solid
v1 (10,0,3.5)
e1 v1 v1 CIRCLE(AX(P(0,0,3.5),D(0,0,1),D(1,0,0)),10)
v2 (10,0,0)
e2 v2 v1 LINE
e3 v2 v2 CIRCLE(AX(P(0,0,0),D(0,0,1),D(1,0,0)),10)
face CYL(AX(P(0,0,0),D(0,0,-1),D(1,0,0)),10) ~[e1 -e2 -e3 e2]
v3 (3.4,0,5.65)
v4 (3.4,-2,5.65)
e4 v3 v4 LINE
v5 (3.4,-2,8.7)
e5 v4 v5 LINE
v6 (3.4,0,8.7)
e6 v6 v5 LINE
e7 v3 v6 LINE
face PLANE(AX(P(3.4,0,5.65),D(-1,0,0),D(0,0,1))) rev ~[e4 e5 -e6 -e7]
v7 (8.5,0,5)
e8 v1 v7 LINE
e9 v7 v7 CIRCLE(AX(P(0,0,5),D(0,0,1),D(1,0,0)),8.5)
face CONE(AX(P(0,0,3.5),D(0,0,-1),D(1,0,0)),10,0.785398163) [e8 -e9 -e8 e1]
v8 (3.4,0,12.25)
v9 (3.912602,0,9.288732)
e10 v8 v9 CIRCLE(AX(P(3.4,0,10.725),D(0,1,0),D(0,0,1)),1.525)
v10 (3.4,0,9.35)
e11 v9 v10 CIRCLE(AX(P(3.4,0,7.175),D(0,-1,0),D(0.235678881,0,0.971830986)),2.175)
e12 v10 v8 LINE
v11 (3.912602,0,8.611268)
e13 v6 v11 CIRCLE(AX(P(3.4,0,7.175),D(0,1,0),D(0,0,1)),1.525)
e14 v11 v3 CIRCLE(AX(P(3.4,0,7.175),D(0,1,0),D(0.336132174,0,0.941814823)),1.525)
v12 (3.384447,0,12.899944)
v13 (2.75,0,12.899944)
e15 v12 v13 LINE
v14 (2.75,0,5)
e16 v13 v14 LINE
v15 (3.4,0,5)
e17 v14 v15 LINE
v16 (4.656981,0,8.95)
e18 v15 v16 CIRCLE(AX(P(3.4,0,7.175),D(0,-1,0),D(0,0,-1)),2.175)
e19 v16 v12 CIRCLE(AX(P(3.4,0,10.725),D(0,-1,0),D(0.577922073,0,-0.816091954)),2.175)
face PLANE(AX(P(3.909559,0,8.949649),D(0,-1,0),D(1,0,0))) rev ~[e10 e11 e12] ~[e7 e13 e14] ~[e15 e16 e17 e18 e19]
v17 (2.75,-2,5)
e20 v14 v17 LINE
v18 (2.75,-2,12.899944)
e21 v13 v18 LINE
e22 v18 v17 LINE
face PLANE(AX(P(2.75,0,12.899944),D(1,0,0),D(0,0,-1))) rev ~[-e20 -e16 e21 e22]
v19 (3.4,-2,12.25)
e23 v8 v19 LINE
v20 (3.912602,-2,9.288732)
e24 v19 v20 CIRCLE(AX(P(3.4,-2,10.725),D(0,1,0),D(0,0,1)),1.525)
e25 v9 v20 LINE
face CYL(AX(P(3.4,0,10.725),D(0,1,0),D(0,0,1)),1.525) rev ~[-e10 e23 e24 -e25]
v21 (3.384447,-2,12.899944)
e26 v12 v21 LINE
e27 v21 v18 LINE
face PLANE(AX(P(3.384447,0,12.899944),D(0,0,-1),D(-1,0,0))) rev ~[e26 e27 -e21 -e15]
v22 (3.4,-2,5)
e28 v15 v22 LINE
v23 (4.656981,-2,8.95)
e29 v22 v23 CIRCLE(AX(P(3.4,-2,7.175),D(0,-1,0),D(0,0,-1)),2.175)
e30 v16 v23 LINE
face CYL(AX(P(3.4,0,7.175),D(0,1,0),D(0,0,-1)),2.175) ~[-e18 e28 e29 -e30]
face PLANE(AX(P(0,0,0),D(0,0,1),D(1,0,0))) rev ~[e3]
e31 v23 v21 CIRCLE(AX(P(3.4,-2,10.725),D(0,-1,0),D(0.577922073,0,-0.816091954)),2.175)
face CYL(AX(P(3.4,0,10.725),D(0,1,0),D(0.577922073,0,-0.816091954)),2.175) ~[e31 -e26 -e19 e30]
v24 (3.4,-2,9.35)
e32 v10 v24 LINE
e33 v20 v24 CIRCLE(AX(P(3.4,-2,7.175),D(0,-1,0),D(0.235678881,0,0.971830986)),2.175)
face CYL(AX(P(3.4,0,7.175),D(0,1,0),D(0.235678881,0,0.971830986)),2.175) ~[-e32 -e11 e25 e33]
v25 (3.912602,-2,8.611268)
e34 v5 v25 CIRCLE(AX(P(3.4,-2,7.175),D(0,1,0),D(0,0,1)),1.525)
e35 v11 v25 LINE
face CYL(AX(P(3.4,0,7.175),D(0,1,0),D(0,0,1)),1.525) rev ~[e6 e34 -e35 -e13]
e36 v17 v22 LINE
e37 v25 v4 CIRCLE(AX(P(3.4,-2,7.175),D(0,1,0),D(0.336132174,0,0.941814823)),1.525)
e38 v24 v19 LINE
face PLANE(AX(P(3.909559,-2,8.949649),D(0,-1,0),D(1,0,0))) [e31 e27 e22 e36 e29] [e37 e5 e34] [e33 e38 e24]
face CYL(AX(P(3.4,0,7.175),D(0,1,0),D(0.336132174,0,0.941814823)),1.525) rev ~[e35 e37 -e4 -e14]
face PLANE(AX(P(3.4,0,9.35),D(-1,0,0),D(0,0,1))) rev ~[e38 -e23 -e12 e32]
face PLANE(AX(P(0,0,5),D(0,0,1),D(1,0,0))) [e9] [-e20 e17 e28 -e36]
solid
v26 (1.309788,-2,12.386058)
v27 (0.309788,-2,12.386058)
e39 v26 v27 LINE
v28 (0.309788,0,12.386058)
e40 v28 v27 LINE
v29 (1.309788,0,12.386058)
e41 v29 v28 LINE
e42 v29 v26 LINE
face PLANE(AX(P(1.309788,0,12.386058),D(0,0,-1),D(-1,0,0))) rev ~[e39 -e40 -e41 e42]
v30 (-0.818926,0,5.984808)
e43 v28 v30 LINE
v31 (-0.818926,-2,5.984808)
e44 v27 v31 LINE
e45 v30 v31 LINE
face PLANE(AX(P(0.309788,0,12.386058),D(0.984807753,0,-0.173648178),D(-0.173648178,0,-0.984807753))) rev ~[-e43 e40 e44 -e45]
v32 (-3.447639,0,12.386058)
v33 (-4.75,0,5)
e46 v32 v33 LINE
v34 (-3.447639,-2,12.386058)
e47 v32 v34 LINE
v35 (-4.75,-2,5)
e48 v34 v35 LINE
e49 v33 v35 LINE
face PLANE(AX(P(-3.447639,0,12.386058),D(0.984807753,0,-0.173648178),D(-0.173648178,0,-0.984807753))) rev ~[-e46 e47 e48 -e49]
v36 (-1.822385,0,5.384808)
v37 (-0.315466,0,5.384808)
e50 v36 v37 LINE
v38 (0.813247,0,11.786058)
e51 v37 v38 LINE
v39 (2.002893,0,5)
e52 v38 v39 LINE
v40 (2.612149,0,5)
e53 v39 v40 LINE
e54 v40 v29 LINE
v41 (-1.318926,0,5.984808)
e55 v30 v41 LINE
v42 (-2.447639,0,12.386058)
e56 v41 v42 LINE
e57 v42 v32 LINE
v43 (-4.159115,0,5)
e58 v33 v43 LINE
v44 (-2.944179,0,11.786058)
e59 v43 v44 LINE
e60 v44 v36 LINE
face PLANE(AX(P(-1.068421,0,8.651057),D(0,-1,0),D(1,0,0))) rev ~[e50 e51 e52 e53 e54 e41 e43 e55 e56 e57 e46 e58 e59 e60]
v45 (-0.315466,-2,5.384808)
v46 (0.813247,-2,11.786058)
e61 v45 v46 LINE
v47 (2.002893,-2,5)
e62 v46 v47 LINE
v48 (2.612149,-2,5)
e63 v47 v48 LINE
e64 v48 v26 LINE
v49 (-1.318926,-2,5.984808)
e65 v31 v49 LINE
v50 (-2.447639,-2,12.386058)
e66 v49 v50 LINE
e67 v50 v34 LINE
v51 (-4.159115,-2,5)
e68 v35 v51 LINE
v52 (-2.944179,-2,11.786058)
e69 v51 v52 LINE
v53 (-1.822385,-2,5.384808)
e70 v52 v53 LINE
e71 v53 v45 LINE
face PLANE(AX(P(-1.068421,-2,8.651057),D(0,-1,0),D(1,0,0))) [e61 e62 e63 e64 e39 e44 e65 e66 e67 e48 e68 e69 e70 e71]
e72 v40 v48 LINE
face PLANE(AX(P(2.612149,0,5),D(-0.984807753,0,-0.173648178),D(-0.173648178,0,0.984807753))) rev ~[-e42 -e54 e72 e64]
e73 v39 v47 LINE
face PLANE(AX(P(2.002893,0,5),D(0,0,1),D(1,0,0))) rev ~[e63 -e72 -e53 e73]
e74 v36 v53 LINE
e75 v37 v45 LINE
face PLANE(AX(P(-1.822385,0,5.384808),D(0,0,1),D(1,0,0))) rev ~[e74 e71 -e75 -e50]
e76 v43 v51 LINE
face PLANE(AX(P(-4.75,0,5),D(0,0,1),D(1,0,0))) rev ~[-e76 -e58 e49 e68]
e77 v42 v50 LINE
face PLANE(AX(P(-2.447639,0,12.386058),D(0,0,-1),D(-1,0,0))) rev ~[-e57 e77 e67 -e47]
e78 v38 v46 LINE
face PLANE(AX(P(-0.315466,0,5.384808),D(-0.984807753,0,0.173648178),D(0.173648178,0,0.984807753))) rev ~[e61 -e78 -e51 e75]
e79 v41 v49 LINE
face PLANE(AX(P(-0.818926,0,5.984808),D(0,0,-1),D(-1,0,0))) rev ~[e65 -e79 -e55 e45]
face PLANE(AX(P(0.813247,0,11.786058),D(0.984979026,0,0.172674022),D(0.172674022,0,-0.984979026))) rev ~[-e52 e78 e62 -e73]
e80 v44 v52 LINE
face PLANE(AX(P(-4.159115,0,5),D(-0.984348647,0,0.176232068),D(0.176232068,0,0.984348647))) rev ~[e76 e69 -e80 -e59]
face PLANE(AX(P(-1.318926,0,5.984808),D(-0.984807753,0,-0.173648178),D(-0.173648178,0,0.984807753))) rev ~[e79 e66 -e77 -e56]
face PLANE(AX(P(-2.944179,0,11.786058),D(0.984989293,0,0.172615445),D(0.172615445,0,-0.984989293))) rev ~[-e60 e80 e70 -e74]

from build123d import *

# Parameters (mm, degrees)
F0_R     = 10
F1_DEPTH = 5
F2_SIZE  = 1.5
F4_DEPTH = 2
F5_DEPTH = 2


with BuildPart() as f1:
    # F0 (on Top) → F1 (new body)
    with BuildSketch(Plane.XY):
        Circle(F0_R)
    extrude(amount=F1_DEPTH)

    # F2
    f2_edges = [f1.edges().sort_by_distance(p)[0] for p in [
        (-10, 0, 5),
    ]]
    chamfer(f2_edges, length=F2_SIZE)

    # F3 (on Front) → F4 (join)
    with BuildSketch(Plane.XZ):
        with BuildLine():
            ThreePointArc((3.4, 5), (5.4725889607, 6.5154547021), (4.656980509, 8.95))
            ThreePointArc((4.656980509, 8.95), (5.4702175315, 11.3919515516), (3.3844468263, 12.8999443898))
            Line((3.3844468263, 12.8999443898), (2.75, 12.8999443898))
            Line((2.75, 12.8999443898), (2.75, 12.2495439026))
            Line((2.75, 12.2495439026), (2.75, 5.6543101017))
            Line((2.75, 5.6543101017), (2.75, 5))
            Line((2.75, 5), (3.4, 5))
        make_face()
        with BuildLine():
            ThreePointArc((3.9126015656, 8.6112676056), (4.90265317, 6.9148876191), (3.4, 5.65))
            Line((3.4, 5.65), (3.4, 8.55))
            Line((3.4, 8.55), (3.4, 8.7))
            Line((3.4, 8.7), (3.4, 8.95))
            Line((3.4, 8.95), (3.4, 9.2))
            Line((3.4, 9.2), (3.4, 9.35))
            Line((3.4, 9.35), (3.4, 12.25))
            ThreePointArc((3.4, 12.25), (4.90265317, 10.9851123809), (3.9126015656, 9.2887323944))
            ThreePointArc((3.9126015656, 9.2887323944), (4.3008551983, 9.1546678791), (4.656980509, 8.95))
            ThreePointArc((4.656980509, 8.95), (4.3008551983, 8.7453321209), (3.9126015656, 8.6112676056))
        make_face(mode=Mode.SUBTRACT)
        with BuildLine():
            ThreePointArc((3.4, 8.7), (3.6601123809, 8.67765317), (3.9126015656, 8.6112676056))
            ThreePointArc((3.9126015656, 8.6112676056), (4.3008551983, 8.7453321209), (4.656980509, 8.95))
            ThreePointArc((4.656980509, 8.95), (4.3008551983, 9.1546678791), (3.9126015656, 9.2887323944))
            ThreePointArc((3.9126015656, 9.2887323944), (3.6601123809, 9.22234683), (3.4, 9.2))
            Line((3.4, 9.2), (3.4, 8.95))
            Line((3.4, 8.95), (3.4, 8.7))
        make_face()
        with BuildLine():
            ThreePointArc((3.4, 9.2), (3.6601123809, 9.22234683), (3.9126015656, 9.2887323944))
            ThreePointArc((3.9126015656, 9.2887323944), (3.6581250107, 9.3346287827), (3.4, 9.35))
            Line((3.4, 9.35), (3.4, 9.2))
        make_face()
    extrude(amount=F4_DEPTH)


with BuildPart() as f5:
    # F3 (on Front) → F5 (new body)
    with BuildSketch(Plane.XZ):
        Polygon((-3.4476386675, 12.3860581476), (-4.75, 5), (-4.1591153482, 5), (-2.9441788888, 11.7860581476), (-1.8223852914, 5.384807753), (-0.315465734, 5.384807753), (0.8132474209, 11.7860581476), (2.0028930075, 5), (2.6121489747, 5), (1.3097876422, 12.3860581476), (0.3097876422, 12.3860581476), (-0.8189255127, 5.984807753), (-1.3189255127, 5.984807753), (-2.4476386675, 12.3860581476), align=None)
    extrude(amount=F5_DEPTH)


solid = Compound([f1.part, f5.part])
